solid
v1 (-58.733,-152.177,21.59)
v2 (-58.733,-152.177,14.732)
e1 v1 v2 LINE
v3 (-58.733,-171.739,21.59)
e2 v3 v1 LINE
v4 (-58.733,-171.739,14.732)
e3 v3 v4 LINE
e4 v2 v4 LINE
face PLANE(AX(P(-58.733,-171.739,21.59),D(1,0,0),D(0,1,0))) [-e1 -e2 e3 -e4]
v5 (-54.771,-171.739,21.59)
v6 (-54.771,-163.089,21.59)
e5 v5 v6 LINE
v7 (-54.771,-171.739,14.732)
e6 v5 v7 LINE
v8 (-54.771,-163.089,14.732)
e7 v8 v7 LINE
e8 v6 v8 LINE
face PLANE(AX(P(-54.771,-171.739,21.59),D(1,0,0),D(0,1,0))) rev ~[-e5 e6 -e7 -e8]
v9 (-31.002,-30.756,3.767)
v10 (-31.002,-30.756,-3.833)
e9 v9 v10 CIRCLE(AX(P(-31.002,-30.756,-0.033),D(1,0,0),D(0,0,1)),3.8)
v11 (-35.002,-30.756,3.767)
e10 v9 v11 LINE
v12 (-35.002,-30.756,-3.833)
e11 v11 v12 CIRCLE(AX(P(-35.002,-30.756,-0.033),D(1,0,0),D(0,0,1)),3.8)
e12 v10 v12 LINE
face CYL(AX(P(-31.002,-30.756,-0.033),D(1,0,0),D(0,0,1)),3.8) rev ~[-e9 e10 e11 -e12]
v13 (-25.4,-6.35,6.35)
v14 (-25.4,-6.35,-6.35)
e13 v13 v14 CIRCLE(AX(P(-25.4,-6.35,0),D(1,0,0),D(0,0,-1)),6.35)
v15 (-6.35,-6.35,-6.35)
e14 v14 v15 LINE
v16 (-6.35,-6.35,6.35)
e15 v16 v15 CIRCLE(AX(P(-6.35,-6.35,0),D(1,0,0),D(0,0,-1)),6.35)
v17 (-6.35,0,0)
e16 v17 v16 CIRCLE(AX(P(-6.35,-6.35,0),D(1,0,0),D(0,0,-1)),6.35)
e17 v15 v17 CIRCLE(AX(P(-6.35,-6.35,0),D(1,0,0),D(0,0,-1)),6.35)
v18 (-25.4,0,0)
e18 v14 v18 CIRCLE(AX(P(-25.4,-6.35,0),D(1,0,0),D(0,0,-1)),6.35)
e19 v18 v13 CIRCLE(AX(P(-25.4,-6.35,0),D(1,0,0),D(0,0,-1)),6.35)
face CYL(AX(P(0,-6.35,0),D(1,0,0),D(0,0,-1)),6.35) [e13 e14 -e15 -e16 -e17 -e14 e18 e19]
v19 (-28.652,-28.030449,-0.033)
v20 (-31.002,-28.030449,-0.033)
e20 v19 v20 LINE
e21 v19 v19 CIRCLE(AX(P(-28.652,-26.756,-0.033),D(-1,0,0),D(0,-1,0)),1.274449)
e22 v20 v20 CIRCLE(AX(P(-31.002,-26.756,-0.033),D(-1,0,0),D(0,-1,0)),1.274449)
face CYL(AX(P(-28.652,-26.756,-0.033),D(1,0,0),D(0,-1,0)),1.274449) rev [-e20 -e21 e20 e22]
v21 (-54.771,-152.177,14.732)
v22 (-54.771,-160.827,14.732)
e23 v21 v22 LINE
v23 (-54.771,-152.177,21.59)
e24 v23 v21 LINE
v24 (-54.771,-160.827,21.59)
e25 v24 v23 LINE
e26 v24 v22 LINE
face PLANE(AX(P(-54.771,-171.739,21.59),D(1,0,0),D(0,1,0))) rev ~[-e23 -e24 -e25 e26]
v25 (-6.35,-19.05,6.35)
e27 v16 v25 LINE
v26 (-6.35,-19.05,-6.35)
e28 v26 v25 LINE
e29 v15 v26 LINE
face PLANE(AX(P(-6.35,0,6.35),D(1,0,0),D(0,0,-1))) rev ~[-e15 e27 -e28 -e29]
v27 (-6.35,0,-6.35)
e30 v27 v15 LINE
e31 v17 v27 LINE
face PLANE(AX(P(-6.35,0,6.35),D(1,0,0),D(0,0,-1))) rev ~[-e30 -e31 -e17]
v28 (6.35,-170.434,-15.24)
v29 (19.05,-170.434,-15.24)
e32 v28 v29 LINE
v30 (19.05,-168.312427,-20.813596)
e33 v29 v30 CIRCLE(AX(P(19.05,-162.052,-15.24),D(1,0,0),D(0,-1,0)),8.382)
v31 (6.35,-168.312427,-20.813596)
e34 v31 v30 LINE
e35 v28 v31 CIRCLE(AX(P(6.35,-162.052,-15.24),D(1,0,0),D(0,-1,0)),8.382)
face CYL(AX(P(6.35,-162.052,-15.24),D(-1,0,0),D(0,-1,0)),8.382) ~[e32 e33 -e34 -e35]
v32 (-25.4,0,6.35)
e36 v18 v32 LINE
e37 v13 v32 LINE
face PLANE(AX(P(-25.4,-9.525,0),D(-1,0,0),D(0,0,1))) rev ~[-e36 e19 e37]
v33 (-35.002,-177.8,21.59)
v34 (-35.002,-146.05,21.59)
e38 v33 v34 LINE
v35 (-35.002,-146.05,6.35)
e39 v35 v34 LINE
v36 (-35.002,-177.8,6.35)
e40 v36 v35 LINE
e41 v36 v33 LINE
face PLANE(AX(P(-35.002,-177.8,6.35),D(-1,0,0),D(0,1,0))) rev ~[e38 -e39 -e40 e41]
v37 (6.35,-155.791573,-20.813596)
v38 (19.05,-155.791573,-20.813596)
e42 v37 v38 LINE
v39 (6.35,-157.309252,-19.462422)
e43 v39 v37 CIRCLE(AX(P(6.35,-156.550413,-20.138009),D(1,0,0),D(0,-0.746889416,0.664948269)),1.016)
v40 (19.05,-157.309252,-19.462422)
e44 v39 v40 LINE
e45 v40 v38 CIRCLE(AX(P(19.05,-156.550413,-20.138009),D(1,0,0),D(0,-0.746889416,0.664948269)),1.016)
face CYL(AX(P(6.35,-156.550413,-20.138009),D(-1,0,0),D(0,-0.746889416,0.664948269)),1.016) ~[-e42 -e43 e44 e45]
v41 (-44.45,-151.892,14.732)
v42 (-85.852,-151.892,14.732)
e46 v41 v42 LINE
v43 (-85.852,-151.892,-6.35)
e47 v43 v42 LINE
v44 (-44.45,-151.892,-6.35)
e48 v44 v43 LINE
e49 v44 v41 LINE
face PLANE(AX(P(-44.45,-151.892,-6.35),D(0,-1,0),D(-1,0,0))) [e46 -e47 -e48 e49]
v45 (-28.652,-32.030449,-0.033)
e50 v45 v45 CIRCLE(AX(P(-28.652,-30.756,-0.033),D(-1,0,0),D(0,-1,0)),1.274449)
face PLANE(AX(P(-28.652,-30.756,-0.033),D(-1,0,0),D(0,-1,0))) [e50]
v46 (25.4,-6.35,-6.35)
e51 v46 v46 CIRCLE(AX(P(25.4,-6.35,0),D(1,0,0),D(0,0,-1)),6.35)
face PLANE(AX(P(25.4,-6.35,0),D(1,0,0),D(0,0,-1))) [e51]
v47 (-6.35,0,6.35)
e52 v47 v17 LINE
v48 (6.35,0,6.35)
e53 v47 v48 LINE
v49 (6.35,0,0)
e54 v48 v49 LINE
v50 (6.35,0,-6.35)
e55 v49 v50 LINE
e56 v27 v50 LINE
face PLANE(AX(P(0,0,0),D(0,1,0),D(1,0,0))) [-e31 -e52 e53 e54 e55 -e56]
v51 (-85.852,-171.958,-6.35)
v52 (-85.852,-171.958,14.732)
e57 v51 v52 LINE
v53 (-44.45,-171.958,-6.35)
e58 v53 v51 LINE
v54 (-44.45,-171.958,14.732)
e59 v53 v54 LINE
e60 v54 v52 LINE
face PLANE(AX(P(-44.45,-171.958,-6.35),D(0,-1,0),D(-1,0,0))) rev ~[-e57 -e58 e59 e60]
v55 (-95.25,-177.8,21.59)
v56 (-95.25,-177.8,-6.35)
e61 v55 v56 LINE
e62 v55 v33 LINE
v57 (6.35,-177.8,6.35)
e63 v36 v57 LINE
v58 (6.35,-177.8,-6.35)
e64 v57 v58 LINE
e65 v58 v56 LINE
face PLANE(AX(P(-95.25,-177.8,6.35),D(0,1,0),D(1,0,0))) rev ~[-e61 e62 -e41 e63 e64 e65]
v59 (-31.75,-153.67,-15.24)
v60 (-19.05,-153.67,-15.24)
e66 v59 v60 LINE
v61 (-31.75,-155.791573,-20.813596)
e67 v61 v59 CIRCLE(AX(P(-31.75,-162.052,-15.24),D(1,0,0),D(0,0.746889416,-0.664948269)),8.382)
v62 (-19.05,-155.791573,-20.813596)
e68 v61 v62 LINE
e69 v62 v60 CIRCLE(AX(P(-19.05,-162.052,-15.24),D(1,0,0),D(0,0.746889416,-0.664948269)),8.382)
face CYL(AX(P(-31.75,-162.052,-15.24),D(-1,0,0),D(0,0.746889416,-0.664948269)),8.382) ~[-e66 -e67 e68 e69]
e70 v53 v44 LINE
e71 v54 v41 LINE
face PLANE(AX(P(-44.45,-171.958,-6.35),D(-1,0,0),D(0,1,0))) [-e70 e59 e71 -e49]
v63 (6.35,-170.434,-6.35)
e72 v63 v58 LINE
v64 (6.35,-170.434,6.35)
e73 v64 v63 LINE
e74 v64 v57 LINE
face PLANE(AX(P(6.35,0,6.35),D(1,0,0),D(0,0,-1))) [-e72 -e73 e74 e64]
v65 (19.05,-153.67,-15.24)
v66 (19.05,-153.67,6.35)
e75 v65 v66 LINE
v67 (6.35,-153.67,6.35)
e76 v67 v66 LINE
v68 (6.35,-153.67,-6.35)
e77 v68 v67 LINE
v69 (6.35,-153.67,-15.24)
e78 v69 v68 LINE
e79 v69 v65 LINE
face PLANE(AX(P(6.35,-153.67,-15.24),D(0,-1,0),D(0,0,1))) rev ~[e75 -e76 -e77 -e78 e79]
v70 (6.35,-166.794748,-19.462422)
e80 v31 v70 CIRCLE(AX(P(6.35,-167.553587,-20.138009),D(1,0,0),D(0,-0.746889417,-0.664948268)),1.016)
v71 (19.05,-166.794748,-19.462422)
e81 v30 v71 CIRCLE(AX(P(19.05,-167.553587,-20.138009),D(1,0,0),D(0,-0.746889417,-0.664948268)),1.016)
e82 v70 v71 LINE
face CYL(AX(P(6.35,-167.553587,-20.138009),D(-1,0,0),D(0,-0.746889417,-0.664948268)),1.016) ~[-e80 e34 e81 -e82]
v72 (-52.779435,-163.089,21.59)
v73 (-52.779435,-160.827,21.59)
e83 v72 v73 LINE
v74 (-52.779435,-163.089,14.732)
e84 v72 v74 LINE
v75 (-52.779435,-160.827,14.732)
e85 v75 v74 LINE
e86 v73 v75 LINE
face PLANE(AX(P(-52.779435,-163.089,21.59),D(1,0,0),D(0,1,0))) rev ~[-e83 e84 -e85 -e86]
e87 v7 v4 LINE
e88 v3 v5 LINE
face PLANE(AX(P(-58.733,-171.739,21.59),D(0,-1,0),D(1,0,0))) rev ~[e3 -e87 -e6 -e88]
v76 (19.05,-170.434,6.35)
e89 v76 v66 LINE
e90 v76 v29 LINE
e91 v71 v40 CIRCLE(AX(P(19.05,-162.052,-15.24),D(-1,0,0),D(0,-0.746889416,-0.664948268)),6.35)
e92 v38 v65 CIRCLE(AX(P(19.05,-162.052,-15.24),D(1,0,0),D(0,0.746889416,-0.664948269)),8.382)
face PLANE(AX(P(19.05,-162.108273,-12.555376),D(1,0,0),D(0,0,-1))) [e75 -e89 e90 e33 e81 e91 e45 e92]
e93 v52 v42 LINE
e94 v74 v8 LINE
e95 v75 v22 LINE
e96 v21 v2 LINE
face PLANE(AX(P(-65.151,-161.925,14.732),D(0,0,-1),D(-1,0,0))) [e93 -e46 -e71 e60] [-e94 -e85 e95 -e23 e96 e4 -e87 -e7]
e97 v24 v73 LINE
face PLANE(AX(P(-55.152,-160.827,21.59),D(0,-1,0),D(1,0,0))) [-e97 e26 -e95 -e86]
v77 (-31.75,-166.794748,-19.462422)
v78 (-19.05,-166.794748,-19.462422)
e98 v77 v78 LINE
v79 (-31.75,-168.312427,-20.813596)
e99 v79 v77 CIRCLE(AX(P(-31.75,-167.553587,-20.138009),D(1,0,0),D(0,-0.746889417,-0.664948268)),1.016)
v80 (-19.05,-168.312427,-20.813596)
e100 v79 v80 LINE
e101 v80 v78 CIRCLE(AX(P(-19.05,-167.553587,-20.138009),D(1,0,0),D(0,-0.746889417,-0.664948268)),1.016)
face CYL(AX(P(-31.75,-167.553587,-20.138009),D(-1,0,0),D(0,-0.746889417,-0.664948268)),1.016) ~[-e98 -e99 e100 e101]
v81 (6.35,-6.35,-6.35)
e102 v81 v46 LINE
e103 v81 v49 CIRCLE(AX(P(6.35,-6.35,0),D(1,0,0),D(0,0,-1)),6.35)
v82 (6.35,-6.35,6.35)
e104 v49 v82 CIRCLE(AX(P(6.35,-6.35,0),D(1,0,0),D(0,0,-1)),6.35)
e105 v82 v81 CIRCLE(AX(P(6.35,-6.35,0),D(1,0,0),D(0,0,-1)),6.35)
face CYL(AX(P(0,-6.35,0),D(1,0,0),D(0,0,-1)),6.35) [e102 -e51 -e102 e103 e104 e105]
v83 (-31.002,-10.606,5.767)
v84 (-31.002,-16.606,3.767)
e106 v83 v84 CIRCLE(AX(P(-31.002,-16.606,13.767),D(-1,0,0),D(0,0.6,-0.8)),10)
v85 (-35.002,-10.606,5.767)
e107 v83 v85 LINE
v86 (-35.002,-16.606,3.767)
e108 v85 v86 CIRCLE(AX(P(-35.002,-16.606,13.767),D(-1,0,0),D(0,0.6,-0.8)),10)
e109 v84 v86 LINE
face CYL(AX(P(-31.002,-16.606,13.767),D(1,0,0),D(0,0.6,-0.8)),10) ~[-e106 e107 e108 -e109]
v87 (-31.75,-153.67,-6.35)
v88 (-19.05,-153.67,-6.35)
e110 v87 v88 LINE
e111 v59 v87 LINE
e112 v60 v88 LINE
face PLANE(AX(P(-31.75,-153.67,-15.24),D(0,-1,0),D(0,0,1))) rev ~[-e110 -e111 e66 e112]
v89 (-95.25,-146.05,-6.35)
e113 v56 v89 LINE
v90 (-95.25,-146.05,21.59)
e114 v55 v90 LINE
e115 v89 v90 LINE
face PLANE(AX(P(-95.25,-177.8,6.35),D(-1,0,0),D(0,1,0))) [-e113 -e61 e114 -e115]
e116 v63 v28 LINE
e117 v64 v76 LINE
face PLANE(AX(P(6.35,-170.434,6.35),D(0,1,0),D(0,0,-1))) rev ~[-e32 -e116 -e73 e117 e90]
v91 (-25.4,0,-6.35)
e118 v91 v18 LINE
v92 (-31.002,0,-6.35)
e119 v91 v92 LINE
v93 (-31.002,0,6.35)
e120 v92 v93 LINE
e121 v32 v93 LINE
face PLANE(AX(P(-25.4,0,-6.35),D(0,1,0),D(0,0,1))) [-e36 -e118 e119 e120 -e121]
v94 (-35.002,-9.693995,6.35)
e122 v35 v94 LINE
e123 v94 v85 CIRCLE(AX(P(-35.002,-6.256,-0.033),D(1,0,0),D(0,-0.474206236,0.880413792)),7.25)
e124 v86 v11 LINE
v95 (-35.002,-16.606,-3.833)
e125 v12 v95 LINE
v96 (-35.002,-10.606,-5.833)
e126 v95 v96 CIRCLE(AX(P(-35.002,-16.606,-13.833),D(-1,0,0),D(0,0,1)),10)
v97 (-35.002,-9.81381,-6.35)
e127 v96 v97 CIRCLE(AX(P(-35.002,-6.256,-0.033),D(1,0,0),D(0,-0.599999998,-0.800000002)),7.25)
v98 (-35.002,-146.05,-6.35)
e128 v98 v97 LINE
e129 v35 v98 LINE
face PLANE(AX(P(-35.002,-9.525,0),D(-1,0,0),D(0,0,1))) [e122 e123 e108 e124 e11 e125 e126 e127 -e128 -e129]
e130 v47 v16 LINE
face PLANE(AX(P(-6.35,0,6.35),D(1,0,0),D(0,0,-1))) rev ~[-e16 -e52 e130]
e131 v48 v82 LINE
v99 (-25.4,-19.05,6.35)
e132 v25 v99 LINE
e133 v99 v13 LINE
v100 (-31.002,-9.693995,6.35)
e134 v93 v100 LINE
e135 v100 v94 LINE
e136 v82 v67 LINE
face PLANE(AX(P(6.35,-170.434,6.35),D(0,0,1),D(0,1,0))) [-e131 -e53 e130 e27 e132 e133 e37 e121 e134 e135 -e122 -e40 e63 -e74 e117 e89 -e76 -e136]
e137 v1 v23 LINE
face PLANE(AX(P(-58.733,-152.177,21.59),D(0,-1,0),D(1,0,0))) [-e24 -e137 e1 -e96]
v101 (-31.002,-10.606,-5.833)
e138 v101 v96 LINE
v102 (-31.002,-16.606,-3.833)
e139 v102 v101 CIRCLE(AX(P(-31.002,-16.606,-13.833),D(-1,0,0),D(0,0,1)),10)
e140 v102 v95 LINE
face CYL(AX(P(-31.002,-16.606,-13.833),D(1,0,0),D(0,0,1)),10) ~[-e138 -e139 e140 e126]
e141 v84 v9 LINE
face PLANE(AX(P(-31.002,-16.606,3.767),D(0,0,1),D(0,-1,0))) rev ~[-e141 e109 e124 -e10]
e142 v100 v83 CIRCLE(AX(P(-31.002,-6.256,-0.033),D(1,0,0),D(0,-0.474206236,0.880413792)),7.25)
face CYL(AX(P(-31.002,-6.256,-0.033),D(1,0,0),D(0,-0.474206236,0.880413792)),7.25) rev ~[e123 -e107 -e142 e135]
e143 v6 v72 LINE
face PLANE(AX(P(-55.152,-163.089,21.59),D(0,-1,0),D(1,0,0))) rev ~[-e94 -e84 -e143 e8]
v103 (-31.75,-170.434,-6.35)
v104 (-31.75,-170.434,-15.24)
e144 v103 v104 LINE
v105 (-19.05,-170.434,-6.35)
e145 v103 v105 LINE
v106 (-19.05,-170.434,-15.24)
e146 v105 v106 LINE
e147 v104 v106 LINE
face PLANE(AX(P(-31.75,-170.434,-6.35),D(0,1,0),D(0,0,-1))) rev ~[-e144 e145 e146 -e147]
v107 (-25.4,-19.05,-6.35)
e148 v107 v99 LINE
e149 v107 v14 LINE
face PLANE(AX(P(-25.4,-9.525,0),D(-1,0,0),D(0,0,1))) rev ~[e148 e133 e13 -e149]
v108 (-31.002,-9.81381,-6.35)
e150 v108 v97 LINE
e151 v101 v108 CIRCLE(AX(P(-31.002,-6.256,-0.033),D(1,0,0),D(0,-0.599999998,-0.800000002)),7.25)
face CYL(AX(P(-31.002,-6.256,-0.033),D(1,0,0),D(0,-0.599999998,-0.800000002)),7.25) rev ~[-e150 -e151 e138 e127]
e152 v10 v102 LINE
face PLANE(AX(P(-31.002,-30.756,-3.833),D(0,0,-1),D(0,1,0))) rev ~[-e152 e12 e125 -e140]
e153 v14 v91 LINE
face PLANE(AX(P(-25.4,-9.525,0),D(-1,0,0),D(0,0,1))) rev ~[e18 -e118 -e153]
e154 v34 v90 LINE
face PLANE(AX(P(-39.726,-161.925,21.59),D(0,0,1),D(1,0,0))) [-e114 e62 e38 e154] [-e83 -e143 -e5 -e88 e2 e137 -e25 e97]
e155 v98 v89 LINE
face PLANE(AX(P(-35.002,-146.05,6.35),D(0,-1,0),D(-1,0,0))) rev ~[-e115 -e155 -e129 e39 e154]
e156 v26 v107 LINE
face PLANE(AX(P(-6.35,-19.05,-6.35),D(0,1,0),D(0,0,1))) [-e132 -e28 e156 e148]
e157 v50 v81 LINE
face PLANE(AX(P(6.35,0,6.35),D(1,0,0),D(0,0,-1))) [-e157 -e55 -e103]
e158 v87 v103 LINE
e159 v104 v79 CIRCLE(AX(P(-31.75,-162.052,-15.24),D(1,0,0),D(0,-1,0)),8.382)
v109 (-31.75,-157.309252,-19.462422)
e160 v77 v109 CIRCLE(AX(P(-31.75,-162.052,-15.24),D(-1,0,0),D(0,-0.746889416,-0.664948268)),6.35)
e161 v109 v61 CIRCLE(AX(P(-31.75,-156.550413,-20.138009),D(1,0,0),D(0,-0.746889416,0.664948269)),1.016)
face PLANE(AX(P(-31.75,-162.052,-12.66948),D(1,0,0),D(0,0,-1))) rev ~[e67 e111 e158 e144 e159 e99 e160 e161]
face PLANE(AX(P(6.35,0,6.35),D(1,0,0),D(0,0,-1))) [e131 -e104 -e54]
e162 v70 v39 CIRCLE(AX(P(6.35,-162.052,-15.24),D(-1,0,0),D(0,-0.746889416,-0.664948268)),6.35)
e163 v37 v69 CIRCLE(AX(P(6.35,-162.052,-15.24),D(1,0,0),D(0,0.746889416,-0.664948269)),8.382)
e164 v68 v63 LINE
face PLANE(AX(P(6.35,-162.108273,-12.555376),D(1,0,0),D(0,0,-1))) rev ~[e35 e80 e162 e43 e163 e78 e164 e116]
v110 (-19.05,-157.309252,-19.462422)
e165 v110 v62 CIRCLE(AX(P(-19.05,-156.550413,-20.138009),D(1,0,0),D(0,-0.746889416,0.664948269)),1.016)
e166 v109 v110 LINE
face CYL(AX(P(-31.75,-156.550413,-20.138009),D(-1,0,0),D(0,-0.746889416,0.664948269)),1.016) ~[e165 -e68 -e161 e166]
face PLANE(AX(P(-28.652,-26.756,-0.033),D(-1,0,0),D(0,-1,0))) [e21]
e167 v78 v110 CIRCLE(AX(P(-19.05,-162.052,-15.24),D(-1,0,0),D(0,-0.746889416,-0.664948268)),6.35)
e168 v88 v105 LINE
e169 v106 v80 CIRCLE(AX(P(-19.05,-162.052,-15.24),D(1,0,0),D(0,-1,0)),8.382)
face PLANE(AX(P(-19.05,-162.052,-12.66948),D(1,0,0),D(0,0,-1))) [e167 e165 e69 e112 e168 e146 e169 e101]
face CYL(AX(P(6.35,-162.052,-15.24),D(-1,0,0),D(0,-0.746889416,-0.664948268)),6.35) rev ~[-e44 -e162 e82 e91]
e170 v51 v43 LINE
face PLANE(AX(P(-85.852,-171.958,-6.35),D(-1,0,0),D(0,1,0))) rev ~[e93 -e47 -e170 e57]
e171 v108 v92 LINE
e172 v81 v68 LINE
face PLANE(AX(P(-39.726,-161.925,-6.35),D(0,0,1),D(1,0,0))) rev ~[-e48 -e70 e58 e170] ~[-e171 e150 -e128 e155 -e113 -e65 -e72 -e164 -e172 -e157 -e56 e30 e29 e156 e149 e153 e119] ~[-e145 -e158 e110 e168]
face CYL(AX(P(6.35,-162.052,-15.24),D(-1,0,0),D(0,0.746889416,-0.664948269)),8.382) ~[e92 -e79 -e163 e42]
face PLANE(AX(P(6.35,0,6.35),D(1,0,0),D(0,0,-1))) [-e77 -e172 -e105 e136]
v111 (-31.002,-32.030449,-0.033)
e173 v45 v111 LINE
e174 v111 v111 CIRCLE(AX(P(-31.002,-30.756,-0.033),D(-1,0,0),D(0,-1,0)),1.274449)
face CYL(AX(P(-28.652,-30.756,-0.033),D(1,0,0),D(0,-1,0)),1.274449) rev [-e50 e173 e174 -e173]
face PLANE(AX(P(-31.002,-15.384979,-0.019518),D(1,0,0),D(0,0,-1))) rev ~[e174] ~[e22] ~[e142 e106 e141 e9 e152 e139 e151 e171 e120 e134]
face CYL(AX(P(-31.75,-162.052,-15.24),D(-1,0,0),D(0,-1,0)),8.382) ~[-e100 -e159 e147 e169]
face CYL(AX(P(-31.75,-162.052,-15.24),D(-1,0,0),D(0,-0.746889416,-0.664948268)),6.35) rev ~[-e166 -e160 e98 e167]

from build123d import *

# Parameters (mm, degrees)
SKETCH1_W           = 12.7
SKETCH1_H           = 12.7
BOSS_EXTRUDE1_DEPTH = 177.8
SKETCH2_R           = 6.35
BOSS_EXTRUDE2_DEPTH = 25.4
SKETCH3_W           = 12.7
SKETCH3_H           = 158.75
BOSS_EXTRUDE3_DEPTH = 28.652
BOSS_EXTRUDE4_START = 19.05
SKETCH4_W           = 12.7
SKETCH4_H           = 19.05
BOSS_EXTRUDE4_DEPTH = 9.602
CUT_EXTRUDE1_START  = -4
SKETCH5_R           = 1.274448637
CUT_EXTRUDE1_DEPTH  = 4
CUT_EXTRUDE2_START  = -6.35
SKETCH5_2_R         = 1.274448637
CUT_EXTRUDE2_DEPTH  = 6.35
SKETCH8_W           = 9.448
SKETCH8_H           = 31.75
SKETCH8_W_2         = 50.8
BOSS_EXTRUDE5_DEPTH = 12.7
SKETCH8_3_W         = 9.448
SKETCH8_3_H         = 31.75
SKETCH8_3_W_2       = 50.8
BOSS_EXTRUDE6_DEPTH = 15.24
SKETCH9_W           = 41.402
SKETCH9_H           = 20.066
CUT_EXTRUDE3_DEPTH  = 21.082
SKETCH7_W           = 12.7
SKETCH7_H           = 16.764
BOSS_EXTRUDE7_DEPTH = 12.7
BOSS_EXTRUDE8_START = -38.1
BOSS_EXTRUDE8_DEPTH = 12.7
SKETCH10_W          = 3.962
SKETCH10_H          = 19.562
SKETCH10_W_2        = 3.2
SKETCH10_H_2        = 18.8
SKETCH10_W_3        = 2.372565257
SKETCH10_H_3        = 2.262
CUT_EXTRUDE4_DEPTH  = 207.185481547


with BuildPart() as part:
    # Sketch1 → Boss-Extrude1 (new body)
    with BuildSketch(Plane(origin=(0, 0, 0), x_dir=(1, 0, 0), z_dir=(0, 1, 0))):
        Rectangle(SKETCH1_W, SKETCH1_H)
    extrude(amount=-BOSS_EXTRUDE1_DEPTH)

    # Sketch2 → Boss-Extrude2 (add, symmetric)
    with BuildSketch(Plane(origin=(0, 0, 0), x_dir=(0, 0, -1), z_dir=(1, 0, 0))):
        with Locations((0, -6.35)):
            Circle(SKETCH2_R)
    extrude(amount=BOSS_EXTRUDE2_DEPTH, both=True)

    # Sketch3 → Boss-Extrude3 (add)
    with BuildSketch(Plane.ZY.offset(6.35)):
        with Locations((0, -98.425)):
            Rectangle(SKETCH3_W, SKETCH3_H)
    extrude(amount=BOSS_EXTRUDE3_DEPTH)

    # Sketch4 → Boss-Extrude4 (add)
    with BuildSketch(Plane.ZY.offset(6.35).offset(BOSS_EXTRUDE4_START)):
        with Locations((0, -9.525)):
            Rectangle(SKETCH4_W, SKETCH4_H)
    extrude(amount=BOSS_EXTRUDE4_DEPTH)

    # Sketch5 → Cut-Extrude1 (cut)
    with BuildSketch(Plane.ZY.offset(35.002).offset(CUT_EXTRUDE1_START)):
        with BuildLine():
            Line((-3.833, -30.756), (-3.833, -16.606))
            ThreePointArc((-3.833, -16.606), (-4.34616702, -13.44372234), (-5.833, -10.606))
            ThreePointArc((-5.833, -10.606), (-6.104434225, -10.218346078), (-6.35, -9.81380986))
            Line((-6.35, -9.81380986), (-6.35, 0))
            Line((-6.35, 0), (-3.697009279, 0))
            Line((-3.697009279, 0), (3.631009279, 0))
            Line((3.631009279, 0), (6.35, 0))
            Line((6.35, 0), (6.35, -9.693995201))
            ThreePointArc((6.35, -9.693995201), (6.075544052, -10.160893028), (5.767, -10.606))
            ThreePointArc((5.767, -10.606), (4.280167019, -13.44372234), (3.767, -16.606))
            Line((3.767, -16.606), (3.767, -30.756))
            ThreePointArc((3.767, -30.756), (-0.033, -34.556), (-3.833, -30.756))
        make_face()
        with Locations(Location((-0.033, -26.756, 0), (0, 0, 270))):
            Circle(SKETCH5_R, mode=Mode.SUBTRACT)
        with Locations(Location((-0.033, -30.756, 0), (0, 0, 270))):
            Circle(SKETCH5_R, mode=Mode.SUBTRACT)
    extrude(amount=CUT_EXTRUDE1_DEPTH, mode=Mode.SUBTRACT)

    # Sketch5<2> → Cut-Extrude2 (cut)
    with BuildSketch(Plane.ZY.offset(35.002).offset(CUT_EXTRUDE2_START)):
        with Locations(Location((-0.033, -26.756, 0), (0, 0, 270))):
            Circle(SKETCH5_2_R)
        with Locations(Location((-0.033, -30.756, 0), (0, 0, 270))):
            Circle(SKETCH5_2_R)
    extrude(amount=CUT_EXTRUDE2_DEPTH, mode=Mode.SUBTRACT)

    # Sketch8 → Boss-Extrude5 (add)
    with BuildSketch(Plane.XY.offset(6.35)):
        with Locations((-39.726, -161.925)):
            Rectangle(SKETCH8_W, SKETCH8_H)
        with Locations((-69.85, -161.925)):
            Rectangle(SKETCH8_W_2, SKETCH8_H)
    extrude(amount=-BOSS_EXTRUDE5_DEPTH)

    # Sketch8<3> → Boss-Extrude6 (add)
    with BuildSketch(Plane.XY.offset(6.35)):
        with Locations((-39.726, -161.925)):
            Rectangle(SKETCH8_3_W, SKETCH8_3_H)
        with Locations((-69.85, -161.925)):
            Rectangle(SKETCH8_3_W_2, SKETCH8_3_H)
    extrude(amount=BOSS_EXTRUDE6_DEPTH)

    # Sketch9 → Cut-Extrude3 (cut)
    with BuildSketch(Plane(origin=(0, 0, -6.35), x_dir=(-1, 0, 0), z_dir=(0, 0, -1))):
        with Locations((65.151, -161.925)):
            Rectangle(SKETCH9_W, SKETCH9_H)
    extrude(amount=-CUT_EXTRUDE3_DEPTH, mode=Mode.SUBTRACT)

    # Sketch7 → Boss-Extrude7 (add)
    with BuildSketch(Plane(origin=(6.35, 0, 0), x_dir=(0, 0, -1), z_dir=(1, 0, 0))):
        with BuildLine():
            Line((6.35, -153.67), (6.35, -170.434))
            Line((6.35, -170.434), (15.24, -170.434))
            ThreePointArc((15.24, -170.434), (18.221863859, -169.885671676), (20.813596386, -168.312427088))
            ThreePointArc((20.813596386, -168.312427088), (20.896848593, -166.878), (19.462421505, -166.794747794))
            ThreePointArc((19.462421505, -166.794747794), (8.89, -162.052), (19.462421505, -157.309252206))
            Line((19.462421505, -157.309252206), (20.813596386, -155.791572912))
            ThreePointArc((20.813596386, -155.791572912), (18.221863859, -154.218328324), (15.24, -153.67))
            Line((15.24, -153.67), (6.35, -153.67))
        make_face()
        with Locations((0, -162.052)):
            Rectangle(SKETCH7_W, SKETCH7_H)
        with BuildLine():
            ThreePointArc((19.462421505, -157.309252206), (20.896848593, -157.226), (20.813596386, -155.791572912))
            Line((20.813596386, -155.791572912), (19.462421505, -157.309252206))
        make_face()
    extrude(amount=BOSS_EXTRUDE7_DEPTH)

    # Sketch7<4> → Boss-Extrude8 (add)
    with BuildSketch(Plane(origin=(6.35, 0, 0), x_dir=(0, 0, -1), z_dir=(1, 0, 0)).offset(BOSS_EXTRUDE8_START)):
        with BuildLine():
            Line((6.35, -153.67), (6.35, -170.434))
            Line((6.35, -170.434), (15.24, -170.434))
            ThreePointArc((15.24, -170.434), (18.221863859, -169.885671676), (20.813596386, -168.312427088))
            ThreePointArc((20.813596386, -168.312427088), (20.896848593, -166.878), (19.462421505, -166.794747794))
            ThreePointArc((19.462421505, -166.794747794), (8.89, -162.052), (19.462421505, -157.309252206))
            ThreePointArc((19.462421505, -157.309252206), (20.896848593, -157.226), (20.813596386, -155.791572912))
            ThreePointArc((20.813596386, -155.791572912), (18.221863859, -154.218328324), (15.24, -153.67))
            Line((15.24, -153.67), (6.35, -153.67))
        make_face()
    extrude(amount=BOSS_EXTRUDE8_DEPTH)

    # Sketch10 → Cut-Extrude4 (cut, through all)
    # profile 1 of 2: a face of its own
    with BuildSketch(Plane.XY.offset(21.59)):
        with Locations((-56.752, -161.958)):
            Rectangle(SKETCH10_W, SKETCH10_H)
        with Locations((-56.752, -161.958)):
            Rectangle(SKETCH10_W_2, SKETCH10_H_2, mode=Mode.SUBTRACT)
    # profile 2 of 2: a face of its own
    with BuildSketch(Plane.XY.offset(21.59)):
        with Locations((-53.965717372, -161.958)):
            Rectangle(SKETCH10_W_3, SKETCH10_H_3)
    extrude(amount=-CUT_EXTRUDE4_DEPTH, mode=Mode.SUBTRACT)


with BuildPart() as cut_extrude4_kept_piece:
    # of the separate pieces the step leaves, the one the design keeps (cut_extrude4_pieces_kept)
    add(part.part.solids().sort_by_distance((-6.35, 0, 6.35))[0])


solid = cut_extrude4_kept_piece.part
